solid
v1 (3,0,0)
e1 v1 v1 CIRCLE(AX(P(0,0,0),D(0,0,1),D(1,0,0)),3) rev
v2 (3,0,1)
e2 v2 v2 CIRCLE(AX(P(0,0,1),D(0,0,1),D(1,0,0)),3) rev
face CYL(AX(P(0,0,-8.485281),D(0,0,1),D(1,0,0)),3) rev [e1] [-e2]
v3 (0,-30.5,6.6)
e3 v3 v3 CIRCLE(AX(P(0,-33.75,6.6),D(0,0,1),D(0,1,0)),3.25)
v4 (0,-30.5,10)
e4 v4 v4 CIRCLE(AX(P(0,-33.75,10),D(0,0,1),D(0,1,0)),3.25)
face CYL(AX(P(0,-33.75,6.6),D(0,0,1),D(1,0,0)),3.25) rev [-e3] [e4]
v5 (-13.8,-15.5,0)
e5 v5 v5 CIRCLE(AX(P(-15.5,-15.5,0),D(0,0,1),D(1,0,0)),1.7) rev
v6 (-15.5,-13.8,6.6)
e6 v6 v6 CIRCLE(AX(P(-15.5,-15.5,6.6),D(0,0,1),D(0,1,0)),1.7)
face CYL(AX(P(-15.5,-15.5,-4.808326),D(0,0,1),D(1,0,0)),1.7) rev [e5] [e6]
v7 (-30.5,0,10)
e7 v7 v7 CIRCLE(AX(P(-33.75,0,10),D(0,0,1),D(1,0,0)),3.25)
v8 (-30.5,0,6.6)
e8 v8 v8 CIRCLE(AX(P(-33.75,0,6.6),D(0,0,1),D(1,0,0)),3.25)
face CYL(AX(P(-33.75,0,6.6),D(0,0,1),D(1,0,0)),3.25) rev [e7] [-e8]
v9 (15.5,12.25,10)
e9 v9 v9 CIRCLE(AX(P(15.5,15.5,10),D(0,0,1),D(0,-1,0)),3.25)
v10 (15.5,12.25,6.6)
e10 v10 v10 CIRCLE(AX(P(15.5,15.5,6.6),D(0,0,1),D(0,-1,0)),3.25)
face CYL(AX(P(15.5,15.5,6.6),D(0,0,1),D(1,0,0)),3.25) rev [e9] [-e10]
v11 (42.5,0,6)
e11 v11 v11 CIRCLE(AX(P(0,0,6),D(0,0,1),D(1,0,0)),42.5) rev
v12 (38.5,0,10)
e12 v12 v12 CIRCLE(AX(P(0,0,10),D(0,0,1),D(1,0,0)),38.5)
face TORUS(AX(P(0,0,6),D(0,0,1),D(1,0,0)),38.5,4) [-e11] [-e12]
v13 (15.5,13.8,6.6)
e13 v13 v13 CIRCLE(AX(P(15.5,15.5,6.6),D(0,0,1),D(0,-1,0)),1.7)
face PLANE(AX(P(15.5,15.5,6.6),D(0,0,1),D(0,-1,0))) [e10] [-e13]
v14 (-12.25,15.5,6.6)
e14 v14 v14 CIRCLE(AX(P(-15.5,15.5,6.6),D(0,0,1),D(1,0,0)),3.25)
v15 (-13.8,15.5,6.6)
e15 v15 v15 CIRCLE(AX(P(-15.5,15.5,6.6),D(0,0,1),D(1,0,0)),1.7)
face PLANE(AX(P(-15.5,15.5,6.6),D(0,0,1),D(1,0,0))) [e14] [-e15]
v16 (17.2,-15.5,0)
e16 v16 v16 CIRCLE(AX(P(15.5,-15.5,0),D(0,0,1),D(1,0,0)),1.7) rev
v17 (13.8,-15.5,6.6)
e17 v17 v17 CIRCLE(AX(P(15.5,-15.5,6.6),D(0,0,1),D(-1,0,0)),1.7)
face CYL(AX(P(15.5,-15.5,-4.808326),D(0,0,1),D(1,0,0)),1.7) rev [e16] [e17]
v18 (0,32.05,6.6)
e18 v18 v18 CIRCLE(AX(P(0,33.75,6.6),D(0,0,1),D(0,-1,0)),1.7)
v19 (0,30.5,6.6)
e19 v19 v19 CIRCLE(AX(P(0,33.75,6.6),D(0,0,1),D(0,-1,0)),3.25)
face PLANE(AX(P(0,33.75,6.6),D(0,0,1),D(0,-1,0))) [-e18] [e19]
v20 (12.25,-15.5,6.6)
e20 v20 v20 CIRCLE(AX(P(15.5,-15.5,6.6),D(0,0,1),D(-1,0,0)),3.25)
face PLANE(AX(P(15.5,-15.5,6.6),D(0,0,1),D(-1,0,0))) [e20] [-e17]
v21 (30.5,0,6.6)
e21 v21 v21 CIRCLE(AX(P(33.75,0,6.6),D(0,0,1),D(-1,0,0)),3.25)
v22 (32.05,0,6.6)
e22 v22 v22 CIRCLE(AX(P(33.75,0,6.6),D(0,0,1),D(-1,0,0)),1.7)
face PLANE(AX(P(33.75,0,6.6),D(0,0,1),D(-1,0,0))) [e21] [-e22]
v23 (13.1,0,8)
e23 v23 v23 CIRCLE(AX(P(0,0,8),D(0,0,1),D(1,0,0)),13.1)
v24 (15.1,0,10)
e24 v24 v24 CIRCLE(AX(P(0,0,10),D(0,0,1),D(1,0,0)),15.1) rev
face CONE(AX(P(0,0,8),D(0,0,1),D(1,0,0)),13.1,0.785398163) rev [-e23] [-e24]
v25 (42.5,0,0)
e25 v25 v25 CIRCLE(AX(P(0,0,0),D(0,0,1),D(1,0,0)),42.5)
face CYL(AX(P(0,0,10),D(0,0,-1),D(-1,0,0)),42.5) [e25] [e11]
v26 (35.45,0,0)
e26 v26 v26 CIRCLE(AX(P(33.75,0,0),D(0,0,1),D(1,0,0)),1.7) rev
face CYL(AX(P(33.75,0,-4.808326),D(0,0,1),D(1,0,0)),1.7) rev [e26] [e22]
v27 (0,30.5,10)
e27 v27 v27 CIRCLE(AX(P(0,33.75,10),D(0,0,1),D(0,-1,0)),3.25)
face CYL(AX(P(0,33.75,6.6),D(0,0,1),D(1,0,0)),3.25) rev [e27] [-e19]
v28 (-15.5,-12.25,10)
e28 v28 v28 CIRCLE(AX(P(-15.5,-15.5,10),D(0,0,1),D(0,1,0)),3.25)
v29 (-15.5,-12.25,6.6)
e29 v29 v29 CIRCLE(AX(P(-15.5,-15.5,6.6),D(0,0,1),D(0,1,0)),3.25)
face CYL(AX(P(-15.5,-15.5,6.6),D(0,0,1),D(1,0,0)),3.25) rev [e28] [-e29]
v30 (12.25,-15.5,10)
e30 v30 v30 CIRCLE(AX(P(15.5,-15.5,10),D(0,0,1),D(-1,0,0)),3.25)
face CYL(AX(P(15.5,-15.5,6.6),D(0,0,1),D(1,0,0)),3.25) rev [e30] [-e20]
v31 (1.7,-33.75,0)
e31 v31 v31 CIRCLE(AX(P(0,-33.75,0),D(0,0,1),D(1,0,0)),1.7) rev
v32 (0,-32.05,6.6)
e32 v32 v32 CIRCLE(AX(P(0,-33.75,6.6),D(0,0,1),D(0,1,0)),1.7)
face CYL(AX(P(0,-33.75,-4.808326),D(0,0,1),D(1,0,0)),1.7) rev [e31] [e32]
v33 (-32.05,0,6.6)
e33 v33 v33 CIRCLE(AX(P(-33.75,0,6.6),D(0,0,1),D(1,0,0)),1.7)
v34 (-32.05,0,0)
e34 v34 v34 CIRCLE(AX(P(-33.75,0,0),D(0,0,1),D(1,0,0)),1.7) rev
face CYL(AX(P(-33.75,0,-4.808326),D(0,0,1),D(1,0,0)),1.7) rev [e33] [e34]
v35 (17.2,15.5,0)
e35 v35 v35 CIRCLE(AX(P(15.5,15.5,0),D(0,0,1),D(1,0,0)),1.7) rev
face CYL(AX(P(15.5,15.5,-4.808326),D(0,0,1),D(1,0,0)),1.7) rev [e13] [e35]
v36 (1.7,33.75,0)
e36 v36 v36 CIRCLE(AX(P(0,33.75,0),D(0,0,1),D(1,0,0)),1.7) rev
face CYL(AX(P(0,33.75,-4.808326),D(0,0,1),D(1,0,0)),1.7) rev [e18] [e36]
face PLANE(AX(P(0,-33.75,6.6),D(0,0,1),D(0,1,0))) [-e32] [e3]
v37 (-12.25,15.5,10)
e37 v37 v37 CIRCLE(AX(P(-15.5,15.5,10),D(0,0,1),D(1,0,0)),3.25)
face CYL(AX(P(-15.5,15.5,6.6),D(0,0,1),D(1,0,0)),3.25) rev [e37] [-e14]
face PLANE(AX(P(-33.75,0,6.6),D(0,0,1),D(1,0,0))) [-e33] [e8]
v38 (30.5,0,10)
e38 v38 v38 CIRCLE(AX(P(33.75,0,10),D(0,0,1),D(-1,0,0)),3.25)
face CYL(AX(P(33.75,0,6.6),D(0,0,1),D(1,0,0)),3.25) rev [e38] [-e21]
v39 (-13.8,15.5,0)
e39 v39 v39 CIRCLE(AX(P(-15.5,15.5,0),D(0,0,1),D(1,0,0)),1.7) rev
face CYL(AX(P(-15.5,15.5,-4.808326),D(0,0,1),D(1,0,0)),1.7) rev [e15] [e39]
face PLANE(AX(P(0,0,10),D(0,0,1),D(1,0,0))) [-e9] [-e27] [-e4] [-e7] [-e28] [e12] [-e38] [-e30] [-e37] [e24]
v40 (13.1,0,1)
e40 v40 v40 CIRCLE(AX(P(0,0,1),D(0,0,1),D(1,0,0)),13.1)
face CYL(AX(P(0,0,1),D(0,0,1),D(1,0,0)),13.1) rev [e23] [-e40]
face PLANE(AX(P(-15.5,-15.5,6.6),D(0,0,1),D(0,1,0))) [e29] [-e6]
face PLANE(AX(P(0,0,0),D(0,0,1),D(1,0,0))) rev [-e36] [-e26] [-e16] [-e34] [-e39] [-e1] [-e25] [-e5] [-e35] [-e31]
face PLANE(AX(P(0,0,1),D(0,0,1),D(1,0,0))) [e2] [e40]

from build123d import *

# Parameters (mm, degrees)
SKIZZE3_R                       = 42.5
AUFSATZ_LINEAR_AUSTRAGEN1_DEPTH = 10
SKIZZE4_R                       = 3
SCHNITT_LINEAR_AUSTRAGEN1_DEPTH = 10
SKIZZE5_R                       = 3.25
SCHNITT_LINEAR_AUSTRAGEN3_DEPTH = 3.4
SKIZZE6_R                       = 1.7
SCHNITT_LINEAR_AUSTRAGEN4_DEPTH = 6.6
KREISMUSTER1_COUNT              = 4
SKIZZE7_R                       = 13.1
SCHNITT_LINEAR_AUSTRAGEN5_DEPTH = 9
VERRUNDUNG1_R                   = 4
FASE1_SIZE                      = 2


with BuildPart() as part:
    # Skizze3 → Aufsatz-Linear austragen1 (new body)
    with BuildSketch(Plane.XY):
        Circle(SKIZZE3_R)
    extrude(amount=AUFSATZ_LINEAR_AUSTRAGEN1_DEPTH)

    # Skizze4 → Schnitt-Linear austragen1 (cut)
    with BuildSketch(Plane.XY.offset(10)):
        Circle(SKIZZE4_R)
    extrude(amount=-SCHNITT_LINEAR_AUSTRAGEN1_DEPTH, mode=Mode.SUBTRACT)

    # Skizze5 → Schnitt-Linear austragen3 (cut)
    with BuildSketch(Plane.XY.offset(10)):
        with Locations((-15.5, 15.5)):
            Circle(SKIZZE5_R)
        with Locations((-33.75, 0)):
            Circle(SKIZZE5_R)
    schnitt_linear_austragen3 = extrude(amount=-SCHNITT_LINEAR_AUSTRAGEN3_DEPTH, mode=Mode.SUBTRACT)

    # Skizze6 → Schnitt-Linear austragen4 (cut)
    with BuildSketch(Plane.XY.offset(6.6)):
        with Locations((-15.5, 15.5)):
            Circle(SKIZZE6_R)
        with Locations((-33.75, 0)):
            Circle(SKIZZE6_R)
    schnitt_linear_austragen4 = extrude(amount=-SCHNITT_LINEAR_AUSTRAGEN4_DEPTH, mode=Mode.SUBTRACT)

    # Kreismuster1: Schnitt-Linear austragen3, Schnitt-Linear austragen4 ×4 about axis
    kreismuster1_axis = Axis((0, 0, 0), (0, 0, 1))
    add([schnitt_linear_austragen3.rotate(kreismuster1_axis, i * 360 / KREISMUSTER1_COUNT) for i in range(1, KREISMUSTER1_COUNT)], mode=Mode.SUBTRACT)
    add([schnitt_linear_austragen4.rotate(kreismuster1_axis, i * 360 / KREISMUSTER1_COUNT) for i in range(1, KREISMUSTER1_COUNT)], mode=Mode.SUBTRACT)

    # Skizze7 → Schnitt-Linear austragen5 (cut)
    with BuildSketch(Plane.XY.offset(10)):
        Circle(SKIZZE7_R)
    extrude(amount=-SCHNITT_LINEAR_AUSTRAGEN5_DEPTH, mode=Mode.SUBTRACT)

    # Verrundung1
    verrundung1_edges = [part.edges().sort_by_distance(p)[0] for p in [
        (-42.5, 0, 10),
    ]]
    fillet(verrundung1_edges, radius=VERRUNDUNG1_R)

    # Fase1
    fase1_edges = [part.edges().sort_by_distance(p)[0] for p in [
        (-13.1, 0, 10),
    ]]
    chamfer(fase1_edges, length=FASE1_SIZE)


solid = part.part
